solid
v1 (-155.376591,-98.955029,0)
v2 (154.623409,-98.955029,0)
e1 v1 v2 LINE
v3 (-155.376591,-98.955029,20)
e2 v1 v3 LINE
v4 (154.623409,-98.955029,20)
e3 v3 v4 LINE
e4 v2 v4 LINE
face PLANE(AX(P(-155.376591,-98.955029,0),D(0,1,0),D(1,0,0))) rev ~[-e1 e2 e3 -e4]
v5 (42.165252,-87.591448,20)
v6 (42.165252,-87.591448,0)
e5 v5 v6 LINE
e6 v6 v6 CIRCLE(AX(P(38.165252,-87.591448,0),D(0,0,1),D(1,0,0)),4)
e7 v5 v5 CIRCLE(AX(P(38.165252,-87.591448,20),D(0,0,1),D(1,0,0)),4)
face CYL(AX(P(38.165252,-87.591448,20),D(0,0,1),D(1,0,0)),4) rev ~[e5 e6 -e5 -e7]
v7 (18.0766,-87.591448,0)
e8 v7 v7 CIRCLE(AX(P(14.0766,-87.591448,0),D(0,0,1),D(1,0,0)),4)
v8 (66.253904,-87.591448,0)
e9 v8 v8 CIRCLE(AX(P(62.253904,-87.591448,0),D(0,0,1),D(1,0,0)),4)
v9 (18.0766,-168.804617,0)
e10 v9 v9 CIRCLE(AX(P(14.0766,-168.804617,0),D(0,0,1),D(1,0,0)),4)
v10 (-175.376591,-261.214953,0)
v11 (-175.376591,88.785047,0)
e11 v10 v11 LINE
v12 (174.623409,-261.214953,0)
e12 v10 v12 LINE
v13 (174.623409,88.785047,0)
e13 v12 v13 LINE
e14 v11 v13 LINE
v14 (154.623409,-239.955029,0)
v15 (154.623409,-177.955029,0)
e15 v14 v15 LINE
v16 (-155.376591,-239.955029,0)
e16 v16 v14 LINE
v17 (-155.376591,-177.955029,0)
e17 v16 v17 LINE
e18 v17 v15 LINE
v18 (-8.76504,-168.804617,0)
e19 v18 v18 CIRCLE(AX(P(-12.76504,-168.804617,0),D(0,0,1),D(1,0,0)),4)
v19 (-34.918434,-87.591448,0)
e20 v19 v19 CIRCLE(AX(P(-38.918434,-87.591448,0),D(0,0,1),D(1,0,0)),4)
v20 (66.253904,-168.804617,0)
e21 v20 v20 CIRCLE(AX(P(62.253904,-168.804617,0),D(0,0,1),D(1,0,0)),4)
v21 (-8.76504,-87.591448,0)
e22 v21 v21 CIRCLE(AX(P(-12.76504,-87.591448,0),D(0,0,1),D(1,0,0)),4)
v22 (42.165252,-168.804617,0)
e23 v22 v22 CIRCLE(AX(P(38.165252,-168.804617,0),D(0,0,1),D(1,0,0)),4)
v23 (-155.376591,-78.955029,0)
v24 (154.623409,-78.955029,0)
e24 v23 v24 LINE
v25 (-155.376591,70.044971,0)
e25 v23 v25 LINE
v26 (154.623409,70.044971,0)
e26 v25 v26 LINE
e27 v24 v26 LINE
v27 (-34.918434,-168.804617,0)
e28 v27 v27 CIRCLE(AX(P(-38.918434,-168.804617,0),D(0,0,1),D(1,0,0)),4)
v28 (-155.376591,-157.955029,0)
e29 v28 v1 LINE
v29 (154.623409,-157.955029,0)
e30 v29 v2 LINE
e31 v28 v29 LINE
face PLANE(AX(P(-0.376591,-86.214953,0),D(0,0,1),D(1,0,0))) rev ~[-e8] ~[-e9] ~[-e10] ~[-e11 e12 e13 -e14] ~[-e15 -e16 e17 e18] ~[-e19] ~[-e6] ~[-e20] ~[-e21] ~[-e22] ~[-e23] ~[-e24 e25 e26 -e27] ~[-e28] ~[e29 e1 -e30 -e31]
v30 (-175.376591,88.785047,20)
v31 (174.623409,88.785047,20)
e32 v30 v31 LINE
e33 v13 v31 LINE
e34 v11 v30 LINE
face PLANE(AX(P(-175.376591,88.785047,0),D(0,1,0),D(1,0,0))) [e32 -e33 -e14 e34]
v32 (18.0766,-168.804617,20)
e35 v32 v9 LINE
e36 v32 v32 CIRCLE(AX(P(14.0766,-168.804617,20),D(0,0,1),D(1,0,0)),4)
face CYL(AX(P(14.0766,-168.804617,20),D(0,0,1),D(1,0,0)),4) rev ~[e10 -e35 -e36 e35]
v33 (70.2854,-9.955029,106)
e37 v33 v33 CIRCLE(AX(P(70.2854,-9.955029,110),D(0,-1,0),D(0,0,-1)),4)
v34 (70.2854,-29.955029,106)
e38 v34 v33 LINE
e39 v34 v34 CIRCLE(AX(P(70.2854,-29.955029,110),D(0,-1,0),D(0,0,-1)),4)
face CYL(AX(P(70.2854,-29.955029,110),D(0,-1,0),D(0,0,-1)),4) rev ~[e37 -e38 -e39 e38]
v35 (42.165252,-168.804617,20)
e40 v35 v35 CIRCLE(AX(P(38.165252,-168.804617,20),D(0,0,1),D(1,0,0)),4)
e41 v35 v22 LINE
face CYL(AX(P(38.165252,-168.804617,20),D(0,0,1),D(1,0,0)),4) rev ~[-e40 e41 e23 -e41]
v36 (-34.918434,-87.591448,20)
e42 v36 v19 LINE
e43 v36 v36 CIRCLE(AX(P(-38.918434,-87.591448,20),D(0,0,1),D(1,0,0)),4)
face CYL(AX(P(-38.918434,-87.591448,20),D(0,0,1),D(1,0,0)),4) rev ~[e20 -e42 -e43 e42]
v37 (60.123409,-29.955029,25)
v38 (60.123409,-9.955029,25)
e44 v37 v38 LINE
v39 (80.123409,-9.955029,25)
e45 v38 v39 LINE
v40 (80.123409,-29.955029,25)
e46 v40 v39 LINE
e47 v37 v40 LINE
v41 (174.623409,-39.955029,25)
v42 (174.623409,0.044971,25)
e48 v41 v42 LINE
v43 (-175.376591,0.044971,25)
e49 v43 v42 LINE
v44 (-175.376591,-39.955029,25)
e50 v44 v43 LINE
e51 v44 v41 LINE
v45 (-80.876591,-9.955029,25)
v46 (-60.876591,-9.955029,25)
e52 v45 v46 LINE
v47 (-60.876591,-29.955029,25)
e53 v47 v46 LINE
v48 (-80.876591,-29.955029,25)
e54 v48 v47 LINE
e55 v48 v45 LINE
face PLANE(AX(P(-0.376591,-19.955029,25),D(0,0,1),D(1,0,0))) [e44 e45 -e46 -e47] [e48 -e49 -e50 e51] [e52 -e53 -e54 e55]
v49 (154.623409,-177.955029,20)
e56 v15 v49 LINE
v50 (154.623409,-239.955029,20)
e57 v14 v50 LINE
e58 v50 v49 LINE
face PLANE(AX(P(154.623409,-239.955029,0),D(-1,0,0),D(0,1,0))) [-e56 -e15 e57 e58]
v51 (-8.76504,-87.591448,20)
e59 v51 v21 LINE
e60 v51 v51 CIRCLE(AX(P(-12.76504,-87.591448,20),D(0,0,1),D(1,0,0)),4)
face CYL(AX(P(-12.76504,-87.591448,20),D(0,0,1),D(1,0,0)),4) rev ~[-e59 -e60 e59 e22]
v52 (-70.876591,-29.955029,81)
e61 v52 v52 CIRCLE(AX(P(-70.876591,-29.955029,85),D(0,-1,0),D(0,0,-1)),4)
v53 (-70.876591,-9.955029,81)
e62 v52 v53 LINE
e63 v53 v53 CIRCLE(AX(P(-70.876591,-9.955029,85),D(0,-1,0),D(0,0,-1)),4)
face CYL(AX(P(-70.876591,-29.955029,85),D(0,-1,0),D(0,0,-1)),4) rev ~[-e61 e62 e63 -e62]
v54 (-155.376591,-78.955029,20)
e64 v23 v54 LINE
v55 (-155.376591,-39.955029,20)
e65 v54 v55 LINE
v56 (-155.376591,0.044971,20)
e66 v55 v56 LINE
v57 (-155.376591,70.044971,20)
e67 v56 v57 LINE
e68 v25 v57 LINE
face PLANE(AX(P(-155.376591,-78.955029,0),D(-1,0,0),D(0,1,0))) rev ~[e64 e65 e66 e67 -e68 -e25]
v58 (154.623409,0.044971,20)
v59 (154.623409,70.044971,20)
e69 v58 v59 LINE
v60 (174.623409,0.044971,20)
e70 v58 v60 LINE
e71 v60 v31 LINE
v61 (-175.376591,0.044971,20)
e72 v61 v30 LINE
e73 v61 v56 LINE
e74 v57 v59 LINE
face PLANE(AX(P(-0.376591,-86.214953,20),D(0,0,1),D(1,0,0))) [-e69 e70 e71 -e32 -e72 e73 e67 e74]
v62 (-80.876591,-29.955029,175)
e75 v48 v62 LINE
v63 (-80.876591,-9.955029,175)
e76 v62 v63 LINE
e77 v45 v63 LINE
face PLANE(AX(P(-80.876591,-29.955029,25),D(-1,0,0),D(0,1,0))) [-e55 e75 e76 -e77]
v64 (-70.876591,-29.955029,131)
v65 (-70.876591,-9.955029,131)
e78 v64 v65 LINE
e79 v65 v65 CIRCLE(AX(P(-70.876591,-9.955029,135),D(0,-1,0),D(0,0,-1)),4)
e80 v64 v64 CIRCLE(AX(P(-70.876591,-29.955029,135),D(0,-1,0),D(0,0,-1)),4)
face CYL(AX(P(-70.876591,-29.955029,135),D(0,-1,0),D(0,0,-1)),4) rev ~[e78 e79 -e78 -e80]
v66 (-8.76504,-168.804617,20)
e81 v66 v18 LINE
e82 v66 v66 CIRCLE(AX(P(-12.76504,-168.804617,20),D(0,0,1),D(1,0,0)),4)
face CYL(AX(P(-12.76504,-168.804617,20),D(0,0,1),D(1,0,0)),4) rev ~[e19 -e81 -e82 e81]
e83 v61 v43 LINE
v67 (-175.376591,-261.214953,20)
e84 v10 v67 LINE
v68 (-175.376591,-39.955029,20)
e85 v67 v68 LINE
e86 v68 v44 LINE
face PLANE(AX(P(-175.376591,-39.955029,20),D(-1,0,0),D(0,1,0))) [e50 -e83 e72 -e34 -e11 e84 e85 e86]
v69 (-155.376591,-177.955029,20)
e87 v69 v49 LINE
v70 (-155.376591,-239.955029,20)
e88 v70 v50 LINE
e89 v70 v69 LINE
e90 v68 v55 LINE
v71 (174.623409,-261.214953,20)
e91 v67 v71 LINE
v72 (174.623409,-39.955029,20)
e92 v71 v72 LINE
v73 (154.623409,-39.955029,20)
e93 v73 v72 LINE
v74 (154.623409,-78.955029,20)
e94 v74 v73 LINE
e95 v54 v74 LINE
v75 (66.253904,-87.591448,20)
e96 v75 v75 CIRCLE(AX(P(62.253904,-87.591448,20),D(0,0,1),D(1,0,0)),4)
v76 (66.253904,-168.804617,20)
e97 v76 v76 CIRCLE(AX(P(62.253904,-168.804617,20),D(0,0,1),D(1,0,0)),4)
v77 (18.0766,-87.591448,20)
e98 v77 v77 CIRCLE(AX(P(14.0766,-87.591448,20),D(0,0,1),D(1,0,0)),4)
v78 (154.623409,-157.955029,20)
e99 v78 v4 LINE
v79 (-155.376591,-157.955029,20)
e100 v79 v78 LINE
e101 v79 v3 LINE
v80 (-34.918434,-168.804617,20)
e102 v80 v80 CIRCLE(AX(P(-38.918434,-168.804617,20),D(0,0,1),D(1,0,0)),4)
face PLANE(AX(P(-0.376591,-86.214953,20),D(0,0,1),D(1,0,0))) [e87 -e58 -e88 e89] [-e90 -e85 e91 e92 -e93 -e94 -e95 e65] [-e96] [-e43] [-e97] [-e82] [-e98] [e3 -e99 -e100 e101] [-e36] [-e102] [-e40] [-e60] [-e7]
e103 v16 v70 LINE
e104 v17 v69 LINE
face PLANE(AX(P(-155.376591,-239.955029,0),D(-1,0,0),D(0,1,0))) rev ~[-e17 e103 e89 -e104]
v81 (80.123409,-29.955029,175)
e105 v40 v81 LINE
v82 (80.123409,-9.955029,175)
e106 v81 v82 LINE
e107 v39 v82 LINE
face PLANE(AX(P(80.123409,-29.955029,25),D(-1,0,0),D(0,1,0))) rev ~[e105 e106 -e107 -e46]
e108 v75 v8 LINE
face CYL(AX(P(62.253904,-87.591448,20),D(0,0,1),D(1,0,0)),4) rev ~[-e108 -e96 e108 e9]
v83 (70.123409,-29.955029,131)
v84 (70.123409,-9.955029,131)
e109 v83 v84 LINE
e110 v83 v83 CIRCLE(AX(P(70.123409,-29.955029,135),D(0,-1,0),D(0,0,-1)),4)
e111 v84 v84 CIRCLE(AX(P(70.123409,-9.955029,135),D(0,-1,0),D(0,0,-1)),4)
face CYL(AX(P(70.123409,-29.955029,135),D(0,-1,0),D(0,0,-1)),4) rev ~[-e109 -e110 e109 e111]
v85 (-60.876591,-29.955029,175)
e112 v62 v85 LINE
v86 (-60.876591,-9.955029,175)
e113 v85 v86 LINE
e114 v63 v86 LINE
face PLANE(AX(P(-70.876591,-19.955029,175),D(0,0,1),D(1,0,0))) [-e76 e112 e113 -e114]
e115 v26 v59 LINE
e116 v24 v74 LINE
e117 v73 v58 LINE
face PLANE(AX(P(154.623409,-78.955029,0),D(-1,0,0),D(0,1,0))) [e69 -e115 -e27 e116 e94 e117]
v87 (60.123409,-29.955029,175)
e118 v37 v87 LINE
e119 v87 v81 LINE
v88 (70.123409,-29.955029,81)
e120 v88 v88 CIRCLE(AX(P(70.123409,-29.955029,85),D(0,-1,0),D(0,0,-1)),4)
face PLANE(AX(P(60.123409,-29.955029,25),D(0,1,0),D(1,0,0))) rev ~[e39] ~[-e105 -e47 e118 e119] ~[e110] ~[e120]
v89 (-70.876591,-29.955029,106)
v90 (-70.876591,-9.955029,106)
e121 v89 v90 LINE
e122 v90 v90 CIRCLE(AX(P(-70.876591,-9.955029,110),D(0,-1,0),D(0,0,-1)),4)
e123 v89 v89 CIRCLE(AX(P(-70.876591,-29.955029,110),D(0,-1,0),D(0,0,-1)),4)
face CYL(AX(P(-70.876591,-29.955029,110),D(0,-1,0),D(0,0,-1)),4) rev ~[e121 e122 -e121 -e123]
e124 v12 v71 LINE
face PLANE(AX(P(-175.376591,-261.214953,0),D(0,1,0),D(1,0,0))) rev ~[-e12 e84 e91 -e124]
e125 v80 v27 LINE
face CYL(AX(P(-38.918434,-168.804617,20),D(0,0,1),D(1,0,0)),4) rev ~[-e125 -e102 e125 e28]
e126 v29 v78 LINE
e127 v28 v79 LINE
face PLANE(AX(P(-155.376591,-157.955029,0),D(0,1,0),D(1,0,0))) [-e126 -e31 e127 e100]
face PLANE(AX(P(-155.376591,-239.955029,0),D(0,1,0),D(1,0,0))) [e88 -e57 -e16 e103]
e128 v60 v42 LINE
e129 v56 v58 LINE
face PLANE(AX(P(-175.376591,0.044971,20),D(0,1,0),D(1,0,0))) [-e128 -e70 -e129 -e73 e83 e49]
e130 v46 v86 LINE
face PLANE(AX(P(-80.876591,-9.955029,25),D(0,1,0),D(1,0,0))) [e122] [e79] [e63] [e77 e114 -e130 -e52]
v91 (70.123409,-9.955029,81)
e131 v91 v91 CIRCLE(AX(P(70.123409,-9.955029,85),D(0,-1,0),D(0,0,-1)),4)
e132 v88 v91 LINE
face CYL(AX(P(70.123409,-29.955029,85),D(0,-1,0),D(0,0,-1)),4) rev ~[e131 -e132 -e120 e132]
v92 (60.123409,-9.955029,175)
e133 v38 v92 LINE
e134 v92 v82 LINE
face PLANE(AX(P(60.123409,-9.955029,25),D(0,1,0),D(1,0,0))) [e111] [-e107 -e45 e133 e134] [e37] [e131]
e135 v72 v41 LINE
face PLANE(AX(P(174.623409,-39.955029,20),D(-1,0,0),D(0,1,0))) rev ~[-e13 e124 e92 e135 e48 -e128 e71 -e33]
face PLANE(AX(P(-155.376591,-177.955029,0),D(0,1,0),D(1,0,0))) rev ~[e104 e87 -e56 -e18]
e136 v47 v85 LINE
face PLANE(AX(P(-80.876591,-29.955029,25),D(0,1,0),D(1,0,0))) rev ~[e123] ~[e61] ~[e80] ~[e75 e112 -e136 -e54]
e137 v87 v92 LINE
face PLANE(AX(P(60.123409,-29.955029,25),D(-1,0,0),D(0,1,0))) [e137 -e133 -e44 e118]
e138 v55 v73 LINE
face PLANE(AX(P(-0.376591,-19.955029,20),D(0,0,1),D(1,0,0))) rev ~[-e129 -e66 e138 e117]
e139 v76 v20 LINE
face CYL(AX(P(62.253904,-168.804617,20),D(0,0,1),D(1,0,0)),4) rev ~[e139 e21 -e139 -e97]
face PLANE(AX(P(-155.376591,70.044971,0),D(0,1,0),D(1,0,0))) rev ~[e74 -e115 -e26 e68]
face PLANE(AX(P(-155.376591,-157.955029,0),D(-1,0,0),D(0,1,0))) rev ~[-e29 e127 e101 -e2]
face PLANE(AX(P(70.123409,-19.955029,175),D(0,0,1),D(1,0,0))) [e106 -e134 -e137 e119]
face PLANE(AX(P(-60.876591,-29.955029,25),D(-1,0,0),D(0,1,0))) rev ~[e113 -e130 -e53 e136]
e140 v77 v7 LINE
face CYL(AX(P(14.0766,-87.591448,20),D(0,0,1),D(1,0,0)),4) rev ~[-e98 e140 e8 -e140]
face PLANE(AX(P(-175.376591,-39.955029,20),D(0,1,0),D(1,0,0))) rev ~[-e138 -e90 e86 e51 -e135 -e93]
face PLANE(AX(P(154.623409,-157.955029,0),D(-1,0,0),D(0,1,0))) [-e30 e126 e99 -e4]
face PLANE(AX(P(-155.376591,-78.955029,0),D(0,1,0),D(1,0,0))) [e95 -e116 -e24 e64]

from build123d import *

# Parameters (mm, degrees)
SKETCH1_W           = 350
SKETCH1_H           = 350
SKETCH1_W_2         = 310
SKETCH1_H_2         = 59
SKETCH1_H_3         = 149
SKETCH1_H_4         = 62
BOSS_EXTRUDE1_DEPTH = 20
SKETCH2_W           = 350
SKETCH2_H           = 40
BOSS_EXTRUDE2_DEPTH = 5
SKETCH3_W           = 20
SKETCH3_H           = 20
BOSS_EXTRUDE4_DEPTH = 150
SKETCH4_R           = 4
CUT_EXTRUDE1_DEPTH  = 339.914592404
SKETCH5_R           = 4
CUT_EXTRUDE2_DEPTH  = 351.735228342
SKETCH6_R           = 4
CUT_EXTRUDE3_DEPTH  = 339.914592404


with BuildPart() as part:
    # Sketch1 → Boss-Extrude1 (new body)
    with BuildSketch(Plane.XY):
        with Locations((-0.376590763, -86.214953271)):
            Rectangle(SKETCH1_W, SKETCH1_H)
        with Locations((-0.376590763, -128.45502947)):
            Rectangle(SKETCH1_W_2, SKETCH1_H_2, mode=Mode.SUBTRACT)
        with Locations((-0.376590763, -4.45502947)):
            Rectangle(SKETCH1_W_2, SKETCH1_H_3, mode=Mode.SUBTRACT)
        with Locations((-0.376590763, -208.95502947)):
            Rectangle(SKETCH1_W_2, SKETCH1_H_4, mode=Mode.SUBTRACT)
    extrude(amount=BOSS_EXTRUDE1_DEPTH)

    # Sketch2 → Boss-Extrude2 (add)
    with BuildSketch(Plane.XY.offset(20)):
        with Locations((-0.376590763, -19.95502947)):
            Rectangle(SKETCH2_W, SKETCH2_H)
    extrude(amount=BOSS_EXTRUDE2_DEPTH)

    # Sketch3 → Boss-Extrude4 (add)
    with BuildSketch(Plane.XY.offset(25)):
        with Locations((-70.876590763, -19.95502947)):
            Rectangle(SKETCH3_W, SKETCH3_H)
        with Locations((70.123409237, -19.95502947)):
            Rectangle(SKETCH3_W, SKETCH3_H)
    extrude(amount=BOSS_EXTRUDE4_DEPTH)

    # Sketch4 → Cut-Extrude1 (cut, through all)
    with BuildSketch(Plane.XZ.offset(29.95502947)):
        with Locations(Location((-70.876590763, 135, 0), (0, 0, 270))):
            Circle(SKETCH4_R)
        with Locations(Location((-70.876590763, 85, 0), (0, 0, 270))):
            Circle(SKETCH4_R)
        with Locations(Location((70.123409237, 135, 0), (0, 0, 270))):
            Circle(SKETCH4_R)
        with Locations(Location((70.123409237, 85, 0), (0, 0, 270))):
            Circle(SKETCH4_R)
    extrude(amount=-CUT_EXTRUDE1_DEPTH, mode=Mode.SUBTRACT)

    # Sketch5 → Cut-Extrude2 (cut, through all)
    with BuildSketch(Plane.XY.offset(20)):
        with Locations((-38.918433774, -87.591447664)):
            Circle(SKETCH5_R)
        with Locations((-12.765040303, -87.591447664)):
            Circle(SKETCH5_R)
        with Locations((14.076600366, -87.591447664)):
            Circle(SKETCH5_R)
        with Locations((38.165252248, -87.591447664)):
            Circle(SKETCH5_R)
        with Locations((62.25390413, -87.591447664)):
            Circle(SKETCH5_R)
        with Locations((62.25390413, -168.804616866)):
            Circle(SKETCH5_R)
        with Locations((38.165252248, -168.804616866)):
            Circle(SKETCH5_R)
        with Locations((14.076600366, -168.804616866)):
            Circle(SKETCH5_R)
        with Locations((-12.765040303, -168.804616866)):
            Circle(SKETCH5_R)
        with Locations((-38.918433774, -168.804616866)):
            Circle(SKETCH5_R)
    extrude(amount=-CUT_EXTRUDE2_DEPTH, mode=Mode.SUBTRACT)

    # Sketch6 → Cut-Extrude3 (cut, through all)
    with BuildSketch(Plane.XZ.offset(29.95502947)):
        with Locations(Location((-70.876590763, 110, 0), (0, 0, 270))):
            Circle(SKETCH6_R)
        with Locations(Location((70.285399923, 110, 0), (0, 0, 270))):
            Circle(SKETCH6_R)
    extrude(amount=-CUT_EXTRUDE3_DEPTH, mode=Mode.SUBTRACT)


solid = part.part
